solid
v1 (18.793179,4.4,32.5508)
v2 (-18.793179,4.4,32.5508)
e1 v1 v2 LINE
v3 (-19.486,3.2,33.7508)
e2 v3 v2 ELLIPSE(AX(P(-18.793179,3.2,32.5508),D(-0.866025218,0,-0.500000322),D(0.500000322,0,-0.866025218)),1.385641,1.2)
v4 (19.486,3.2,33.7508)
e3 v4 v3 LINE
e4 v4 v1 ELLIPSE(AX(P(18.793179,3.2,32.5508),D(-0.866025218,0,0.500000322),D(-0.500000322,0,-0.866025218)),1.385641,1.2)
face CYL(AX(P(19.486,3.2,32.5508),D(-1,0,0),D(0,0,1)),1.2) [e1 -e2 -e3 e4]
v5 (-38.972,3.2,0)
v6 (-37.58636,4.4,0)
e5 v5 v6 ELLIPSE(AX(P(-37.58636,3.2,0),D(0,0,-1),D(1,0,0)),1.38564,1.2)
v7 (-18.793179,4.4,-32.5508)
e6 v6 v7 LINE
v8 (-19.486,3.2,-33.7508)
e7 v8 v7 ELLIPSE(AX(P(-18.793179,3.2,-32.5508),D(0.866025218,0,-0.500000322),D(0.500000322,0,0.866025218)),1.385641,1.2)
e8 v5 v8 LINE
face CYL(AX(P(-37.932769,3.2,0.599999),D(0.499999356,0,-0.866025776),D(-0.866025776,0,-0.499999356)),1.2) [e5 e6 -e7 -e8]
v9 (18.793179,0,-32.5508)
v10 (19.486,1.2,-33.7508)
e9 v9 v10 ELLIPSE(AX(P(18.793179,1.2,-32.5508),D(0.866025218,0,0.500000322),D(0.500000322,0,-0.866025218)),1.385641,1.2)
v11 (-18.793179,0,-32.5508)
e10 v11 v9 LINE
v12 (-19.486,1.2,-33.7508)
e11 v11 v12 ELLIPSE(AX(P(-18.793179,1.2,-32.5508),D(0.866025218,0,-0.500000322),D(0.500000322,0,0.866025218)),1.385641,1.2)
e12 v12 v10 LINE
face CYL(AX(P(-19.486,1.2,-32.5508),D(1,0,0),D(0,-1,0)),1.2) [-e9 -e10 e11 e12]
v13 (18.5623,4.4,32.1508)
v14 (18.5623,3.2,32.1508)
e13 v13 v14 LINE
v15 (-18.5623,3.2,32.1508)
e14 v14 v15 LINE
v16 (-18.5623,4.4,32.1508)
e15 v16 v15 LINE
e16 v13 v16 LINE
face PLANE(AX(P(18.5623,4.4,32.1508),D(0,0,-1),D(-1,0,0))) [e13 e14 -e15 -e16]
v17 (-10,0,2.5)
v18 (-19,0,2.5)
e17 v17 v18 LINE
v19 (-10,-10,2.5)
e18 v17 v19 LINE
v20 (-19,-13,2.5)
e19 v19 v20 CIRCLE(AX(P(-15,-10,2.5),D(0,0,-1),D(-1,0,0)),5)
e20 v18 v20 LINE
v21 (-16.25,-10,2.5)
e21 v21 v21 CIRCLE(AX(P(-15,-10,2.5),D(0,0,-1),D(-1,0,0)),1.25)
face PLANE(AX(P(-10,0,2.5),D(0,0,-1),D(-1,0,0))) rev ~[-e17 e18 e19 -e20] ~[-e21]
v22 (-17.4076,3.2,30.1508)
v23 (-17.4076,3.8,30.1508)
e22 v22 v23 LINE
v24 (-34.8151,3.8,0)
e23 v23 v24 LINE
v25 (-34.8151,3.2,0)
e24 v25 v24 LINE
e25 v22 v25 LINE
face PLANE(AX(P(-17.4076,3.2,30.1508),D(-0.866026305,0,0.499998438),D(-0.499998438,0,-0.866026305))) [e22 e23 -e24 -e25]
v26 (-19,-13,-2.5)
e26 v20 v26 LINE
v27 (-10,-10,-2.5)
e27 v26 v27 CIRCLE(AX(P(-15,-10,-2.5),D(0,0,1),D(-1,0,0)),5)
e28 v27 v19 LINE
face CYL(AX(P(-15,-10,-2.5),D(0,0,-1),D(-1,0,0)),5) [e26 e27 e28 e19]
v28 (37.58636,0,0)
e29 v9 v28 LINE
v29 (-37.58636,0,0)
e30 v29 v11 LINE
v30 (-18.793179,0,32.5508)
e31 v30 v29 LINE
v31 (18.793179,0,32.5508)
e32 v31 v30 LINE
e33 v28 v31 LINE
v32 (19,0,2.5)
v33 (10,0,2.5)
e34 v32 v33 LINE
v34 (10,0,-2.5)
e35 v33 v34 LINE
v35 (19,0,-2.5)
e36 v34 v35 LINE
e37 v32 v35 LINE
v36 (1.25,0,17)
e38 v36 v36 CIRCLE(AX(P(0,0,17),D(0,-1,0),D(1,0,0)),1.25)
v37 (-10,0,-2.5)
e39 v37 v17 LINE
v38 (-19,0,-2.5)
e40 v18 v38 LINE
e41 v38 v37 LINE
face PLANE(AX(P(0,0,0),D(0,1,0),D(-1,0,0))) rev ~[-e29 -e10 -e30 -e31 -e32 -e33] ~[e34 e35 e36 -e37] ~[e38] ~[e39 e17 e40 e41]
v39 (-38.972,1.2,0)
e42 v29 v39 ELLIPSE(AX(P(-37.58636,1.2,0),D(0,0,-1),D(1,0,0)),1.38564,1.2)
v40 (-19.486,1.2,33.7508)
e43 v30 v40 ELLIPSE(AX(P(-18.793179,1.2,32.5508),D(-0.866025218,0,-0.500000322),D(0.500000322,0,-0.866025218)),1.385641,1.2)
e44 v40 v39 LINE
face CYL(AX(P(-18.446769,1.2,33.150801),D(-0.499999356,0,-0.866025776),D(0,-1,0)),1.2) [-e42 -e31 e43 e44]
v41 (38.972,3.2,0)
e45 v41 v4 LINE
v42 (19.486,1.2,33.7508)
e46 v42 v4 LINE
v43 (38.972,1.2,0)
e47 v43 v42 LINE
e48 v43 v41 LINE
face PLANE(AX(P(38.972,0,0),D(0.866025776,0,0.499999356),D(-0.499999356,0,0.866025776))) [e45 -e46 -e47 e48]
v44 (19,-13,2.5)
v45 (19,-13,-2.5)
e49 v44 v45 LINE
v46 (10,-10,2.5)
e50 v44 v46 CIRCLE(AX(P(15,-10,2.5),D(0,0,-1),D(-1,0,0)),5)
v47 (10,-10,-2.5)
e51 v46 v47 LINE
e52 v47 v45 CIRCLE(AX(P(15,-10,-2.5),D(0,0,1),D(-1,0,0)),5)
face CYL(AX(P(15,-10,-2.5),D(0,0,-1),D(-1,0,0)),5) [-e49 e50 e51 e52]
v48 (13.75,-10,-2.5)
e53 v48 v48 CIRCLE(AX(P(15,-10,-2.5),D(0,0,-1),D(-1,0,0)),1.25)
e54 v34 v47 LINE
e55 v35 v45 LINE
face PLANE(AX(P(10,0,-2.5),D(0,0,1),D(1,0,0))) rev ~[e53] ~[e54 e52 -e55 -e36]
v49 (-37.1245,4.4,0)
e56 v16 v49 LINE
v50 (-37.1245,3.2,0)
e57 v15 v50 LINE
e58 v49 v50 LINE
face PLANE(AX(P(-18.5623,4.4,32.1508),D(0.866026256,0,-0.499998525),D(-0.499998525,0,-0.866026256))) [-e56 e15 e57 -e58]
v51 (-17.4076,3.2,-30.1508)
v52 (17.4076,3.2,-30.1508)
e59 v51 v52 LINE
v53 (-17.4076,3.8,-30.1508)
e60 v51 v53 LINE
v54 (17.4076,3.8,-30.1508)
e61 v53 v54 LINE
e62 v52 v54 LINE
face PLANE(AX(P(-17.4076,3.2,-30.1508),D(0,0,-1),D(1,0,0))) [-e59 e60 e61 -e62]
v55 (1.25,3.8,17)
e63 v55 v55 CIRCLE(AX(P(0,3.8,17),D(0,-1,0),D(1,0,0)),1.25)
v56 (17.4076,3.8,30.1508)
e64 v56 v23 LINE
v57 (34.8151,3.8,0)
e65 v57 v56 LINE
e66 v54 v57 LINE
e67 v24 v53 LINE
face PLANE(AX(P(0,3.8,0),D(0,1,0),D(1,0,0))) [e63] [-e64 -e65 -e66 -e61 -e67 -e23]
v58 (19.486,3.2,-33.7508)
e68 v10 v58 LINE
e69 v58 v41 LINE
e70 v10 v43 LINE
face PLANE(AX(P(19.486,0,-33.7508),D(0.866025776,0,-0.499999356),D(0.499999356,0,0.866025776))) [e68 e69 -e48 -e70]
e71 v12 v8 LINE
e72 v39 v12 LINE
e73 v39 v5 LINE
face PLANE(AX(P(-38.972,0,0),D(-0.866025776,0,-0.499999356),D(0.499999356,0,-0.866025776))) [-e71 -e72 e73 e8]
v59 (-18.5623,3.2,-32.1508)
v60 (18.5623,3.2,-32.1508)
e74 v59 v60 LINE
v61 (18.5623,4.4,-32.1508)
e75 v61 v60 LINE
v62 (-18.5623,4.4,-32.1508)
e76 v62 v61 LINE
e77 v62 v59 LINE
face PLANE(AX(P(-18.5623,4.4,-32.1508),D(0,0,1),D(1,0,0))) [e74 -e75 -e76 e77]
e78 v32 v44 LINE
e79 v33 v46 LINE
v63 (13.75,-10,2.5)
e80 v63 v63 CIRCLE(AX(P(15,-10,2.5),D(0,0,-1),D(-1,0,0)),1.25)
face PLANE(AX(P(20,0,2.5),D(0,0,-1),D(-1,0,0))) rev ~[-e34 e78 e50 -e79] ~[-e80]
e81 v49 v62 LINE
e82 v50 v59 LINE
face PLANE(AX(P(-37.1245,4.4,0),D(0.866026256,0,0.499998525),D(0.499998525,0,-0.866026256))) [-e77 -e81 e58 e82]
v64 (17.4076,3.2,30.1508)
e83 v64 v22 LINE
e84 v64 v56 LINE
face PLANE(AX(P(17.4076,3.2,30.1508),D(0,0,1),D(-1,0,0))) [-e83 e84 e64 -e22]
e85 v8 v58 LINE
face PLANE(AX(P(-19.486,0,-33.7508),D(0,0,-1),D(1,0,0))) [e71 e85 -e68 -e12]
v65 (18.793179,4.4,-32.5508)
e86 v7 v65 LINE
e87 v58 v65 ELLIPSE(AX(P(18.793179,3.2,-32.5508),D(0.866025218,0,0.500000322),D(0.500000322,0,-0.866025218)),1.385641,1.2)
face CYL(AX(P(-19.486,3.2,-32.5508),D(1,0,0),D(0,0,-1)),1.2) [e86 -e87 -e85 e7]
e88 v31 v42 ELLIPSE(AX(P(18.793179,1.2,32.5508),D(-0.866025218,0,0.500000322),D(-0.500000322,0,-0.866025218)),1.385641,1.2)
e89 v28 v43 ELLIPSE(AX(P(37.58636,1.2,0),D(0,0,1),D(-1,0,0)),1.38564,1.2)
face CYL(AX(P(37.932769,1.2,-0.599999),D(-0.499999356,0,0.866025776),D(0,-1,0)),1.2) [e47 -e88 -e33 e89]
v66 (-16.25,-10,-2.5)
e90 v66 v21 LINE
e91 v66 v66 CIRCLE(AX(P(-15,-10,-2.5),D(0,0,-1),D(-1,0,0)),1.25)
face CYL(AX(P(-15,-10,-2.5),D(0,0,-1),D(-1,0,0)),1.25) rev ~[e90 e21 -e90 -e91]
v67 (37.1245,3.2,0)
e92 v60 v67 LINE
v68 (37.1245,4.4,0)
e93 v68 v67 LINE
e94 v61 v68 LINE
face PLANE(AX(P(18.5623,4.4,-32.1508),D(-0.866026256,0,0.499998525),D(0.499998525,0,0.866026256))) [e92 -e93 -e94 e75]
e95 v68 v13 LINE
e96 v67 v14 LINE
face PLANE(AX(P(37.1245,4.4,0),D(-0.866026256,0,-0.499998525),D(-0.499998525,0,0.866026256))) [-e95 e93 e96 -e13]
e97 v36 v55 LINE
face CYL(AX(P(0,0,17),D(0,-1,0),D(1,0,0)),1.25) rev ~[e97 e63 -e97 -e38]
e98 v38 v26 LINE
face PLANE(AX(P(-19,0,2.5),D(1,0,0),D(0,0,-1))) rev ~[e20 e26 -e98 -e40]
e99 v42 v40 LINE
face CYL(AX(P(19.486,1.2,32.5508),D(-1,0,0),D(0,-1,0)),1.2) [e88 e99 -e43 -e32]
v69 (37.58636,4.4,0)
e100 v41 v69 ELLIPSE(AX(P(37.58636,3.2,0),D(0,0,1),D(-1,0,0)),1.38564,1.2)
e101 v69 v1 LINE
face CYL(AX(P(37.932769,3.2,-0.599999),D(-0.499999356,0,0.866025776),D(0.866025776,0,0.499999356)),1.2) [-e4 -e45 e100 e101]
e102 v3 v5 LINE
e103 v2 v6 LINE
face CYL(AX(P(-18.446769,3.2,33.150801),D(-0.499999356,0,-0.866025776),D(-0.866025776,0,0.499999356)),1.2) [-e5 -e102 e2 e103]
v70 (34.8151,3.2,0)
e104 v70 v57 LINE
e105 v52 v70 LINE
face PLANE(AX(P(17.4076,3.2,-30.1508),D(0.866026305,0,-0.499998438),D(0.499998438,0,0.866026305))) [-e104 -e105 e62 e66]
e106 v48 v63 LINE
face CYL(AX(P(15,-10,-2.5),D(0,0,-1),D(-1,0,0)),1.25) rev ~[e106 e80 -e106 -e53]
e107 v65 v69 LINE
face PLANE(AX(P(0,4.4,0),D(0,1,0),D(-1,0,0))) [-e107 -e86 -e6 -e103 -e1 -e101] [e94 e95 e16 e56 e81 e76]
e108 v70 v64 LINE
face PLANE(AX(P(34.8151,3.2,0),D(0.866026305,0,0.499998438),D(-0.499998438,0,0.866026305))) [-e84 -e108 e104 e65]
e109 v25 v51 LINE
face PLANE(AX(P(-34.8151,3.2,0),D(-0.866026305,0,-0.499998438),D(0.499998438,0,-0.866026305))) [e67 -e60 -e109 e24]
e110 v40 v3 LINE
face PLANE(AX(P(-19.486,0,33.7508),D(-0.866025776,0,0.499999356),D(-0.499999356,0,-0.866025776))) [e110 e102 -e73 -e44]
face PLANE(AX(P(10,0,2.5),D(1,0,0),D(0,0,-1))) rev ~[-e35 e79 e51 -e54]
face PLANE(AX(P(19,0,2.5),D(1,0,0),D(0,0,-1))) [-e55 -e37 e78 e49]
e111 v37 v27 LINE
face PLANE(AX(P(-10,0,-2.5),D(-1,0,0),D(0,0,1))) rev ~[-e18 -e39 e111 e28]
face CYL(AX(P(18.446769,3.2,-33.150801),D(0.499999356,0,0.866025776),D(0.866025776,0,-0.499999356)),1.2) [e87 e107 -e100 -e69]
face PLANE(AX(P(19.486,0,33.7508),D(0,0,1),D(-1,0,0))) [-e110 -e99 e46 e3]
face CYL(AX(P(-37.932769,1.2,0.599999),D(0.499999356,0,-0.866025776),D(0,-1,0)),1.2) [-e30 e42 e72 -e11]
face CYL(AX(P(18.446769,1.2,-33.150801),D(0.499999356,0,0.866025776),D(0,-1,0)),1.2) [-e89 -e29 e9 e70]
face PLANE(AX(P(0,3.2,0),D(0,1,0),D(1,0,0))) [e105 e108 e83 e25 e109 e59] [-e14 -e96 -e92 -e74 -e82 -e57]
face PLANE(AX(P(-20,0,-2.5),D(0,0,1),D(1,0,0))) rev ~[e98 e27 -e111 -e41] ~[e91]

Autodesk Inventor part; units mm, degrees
ref_plane "YZ Plane" through (0, 0, 0) normal (1, 0, 0) x (0, 1, 0)
ref_plane "XZ Plane" through (0, 0, 0) normal (0, 1, 0) x (-1, 0, 0)
ref_plane "XY Plane" through (0, 0, 0) normal (0, 0, 1) x (1, 0, 0)
sketch "스케치1" plane through (0, 0, 0) normal (0, 1, 0) x (-1, 0, 0)
  line L0 (17.6385, -30.5508) -> (-17.6385, -30.5508)
  line L1 (-17.6385, -30.5508) -> (-35.277, 0)
  line L2 (-35.277, 0) -> (-17.6385, 30.5508)
  line L3 (-17.6385, 30.5508) -> (17.6385, 30.5508)
  line L4 (17.6385, 30.5508) -> (35.277, 0)
  line L5 (35.277, 0) -> (17.6385, -30.5508)
  line L6 (19.486, -33.7508) -> (-19.486, -33.7508)
  line L7 (-19.486, -33.7508) -> (-38.972, 0)
  line L8 (-38.972, 0) -> (-19.486, 33.7508)
  line L9 (-19.486, 33.7508) -> (19.486, 33.7508)
  line L10 (19.486, 33.7508) -> (38.972, 0)
  line L11 (38.972, 0) -> (19.486, -33.7508)
  point P0 (0, 0)
  point P1 (0, 0)
  point P2 (0, 0)
  dimension "d0" = 70.554
  dimension "d1" = 3.2
extrude "돌출1" add sketch "스케치1" along normal blind 4.4 contours L0 L1 L2 L3 L4 L5 | L6 L7 L8 L9 L10 L11
sketch "스케치2" plane through (0, 4.4, 0) normal (0, 1, 0) x (1, 0, 0)
  line L0 (-18.5623, 32.1508) -> (18.5623, 32.1508)
  line L1 (18.5623, 32.1508) -> (37.1245, 0)
  line L2 (37.1245, 0) -> (18.5623, -32.1508)
  line L3 (18.5623, -32.1508) -> (-18.5623, -32.1508)
  line L4 (-18.5623, -32.1508) -> (-37.1245, 0)
  line L5 (-37.1245, 0) -> (-18.5623, 32.1508)
  line L6 (-19.486, 33.7508) -> (-38.972, 0) projected
  point P0 (0, 0)
  point P1 (0, 0)
  dimension "d4" = 1.6
extrude "돌출2" cut sketch "스케치2" against normal blind 1.2
sketch "스케치3" plane through (0, 3.2, 0) normal (0, 1, 0) x (1, 0, 0)
  line L0 (17.4076, -30.1508) -> (-17.4076, -30.1508)
  line L1 (-17.4076, -30.1508) -> (-34.8151, 0)
  line L2 (-34.8151, 0) -> (-17.4076, 30.1508)
  line L3 (-17.4076, 30.1508) -> (17.4076, 30.1508)
  line L4 (17.4076, 30.1508) -> (34.8151, 0)
  line L5 (34.8151, 0) -> (17.4076, -30.1508)
  line L6 (-18.5623, 32.1508) -> (18.5623, 32.1508) projected
  point P0 (0, 0)
  point P1 (0, 0)
  dimension "d7" = 2
extrude "돌출3" add sketch "스케치3" along normal blind 0.6
fillet "모깎기1" radius 1.2 12 edges at (0, 4.4, -33.7508) (0, 0, -33.7508) (-29.229, 4.4, -16.8754) (-29.229, 0, -16.8754) (-29.229, 4.4, 16.8754) (-29.229, 0, 16.8754) (0, 0, 33.7508) (0, 4.4, 33.7508) (29.229, 0, 16.8754) (29.229, 4.4, 16.8754) (29.229, 4.4, -16.8754) (29.229, 0, -16.8754)
sketch "스케치6" plane through (0, 0, 0) normal (0, -1, 0) x (1, 0, 0)
  line L0 (-20, -2.5) -> (-10, -2.5)
  line L1 (-10, -2.5) -> (-10, 2.5)
  line L2 (-10, 2.5) -> (-20, 2.5)
  line L3 (-20, 2.5) -> (-20, -2.5)
  line L4 (-20, -2.5) -> (-10, 2.5) construction
  line L5 (-10, -2.5) -> (-20, 2.5) construction
  line L6 (10, -2.5) -> (20, -2.5)
  line L7 (20, -2.5) -> (20, 2.5)
  line L8 (20, 2.5) -> (10, 2.5)
  line L9 (10, 2.5) -> (10, -2.5)
  line L10 (10, -2.5) -> (20, 2.5) construction
  line L11 (20, -2.5) -> (10, 2.5) construction
  point P0 (0, 0)
  point P1 (-15, 0)
  point P2 (15, 0)
  point P3 (-10, 0)
  point P4 (10, 0)
  dimension "d27" = 10
  dimension "d28" = 5
  dimension "d29" = 10
  dimension "d30" = 5
  dimension "d31" = 20
  dimension "d32" = 10
extrude "돌출6" add sketch "스케치6" along normal blind 10
sketch "스케치7" plane through (-10, 0, -2.5) normal (0, 0, -1) x (-1, 0, 0)
  line L0 (10, -10) -> (0, -10) projected
  circle A0 centre (5, -10) radius 5
  line L1 (-30, -10) -> (-20, -10) projected
  circle A1 centre (-25, -10) radius 5
  point P0 (-10, 0)
extrude "돌출7" add sketch "스케치7" against normal blind 5
sketch "스케치8" plane through (-10, 0, -2.5) normal (0, 0, -1) x (-1, 0, 0)
  arc A0 (0, -10) -> (10, -10) centre (5, -10) ccw projected
  circle A1 centre (5, -10) radius 1.25
  arc A2 (-30, -10) -> (-20, -10) centre (-25, -10) ccw projected
  circle A3 centre (-25, -10) radius 1.25
  point P0 (-10, 0)
  dimension "d37" = 2.5
  dimension "d38" = 2.5
extrude "돌출8" cut sketch "스케치8" against normal blind 5
sketch "스케치9" plane through (0, 0, 0) normal (0, -1, 0) x (1, 0, 0)
  line L0 (-20, 2.5) -> (-20, -2.5) projected
  line L1 (-10, -2.5) -> (-20, -2.5) projected
  line L2 (-10, -2.5) -> (-10, 2.5) projected
  line L3 (-20, 2.5) -> (-10, 2.5) projected
  line L4 (10, 2.5) -> (10, -2.5) projected
  line L5 (20, -2.5) -> (10, -2.5) projected
  line L6 (20, -2.5) -> (20, 2.5) projected
  line L7 (10, 2.5) -> (20, 2.5) projected
  line L8 (-19, 2.5) -> (-19, -2.5)
  line L9 (19, 2.5) -> (19, -2.5)
  point P0 (0, 0)
  dimension "d41" = 1
  dimension "d42" = 1
extrude "돌출9" cut sketch "스케치9" along normal blind 15 contours L3 L8 L1 L0 | L7 L6 L5 L9
sketch "스케치10" plane through (0, 0, 0) normal (0, -1, 0) x (1, 0, 0)
  circle A0 centre (0, 17) radius 1.25
  point P0 (0, 0)
  dimension "d45" = 2.5
  dimension "d46" = 17
extrude "돌출10" cut sketch "스케치10" against normal up to surface (3.8 mm away)
equation "\"d32\" = 0.5 * d31"
properties part number "OV-PAM_n_6_bottom"
